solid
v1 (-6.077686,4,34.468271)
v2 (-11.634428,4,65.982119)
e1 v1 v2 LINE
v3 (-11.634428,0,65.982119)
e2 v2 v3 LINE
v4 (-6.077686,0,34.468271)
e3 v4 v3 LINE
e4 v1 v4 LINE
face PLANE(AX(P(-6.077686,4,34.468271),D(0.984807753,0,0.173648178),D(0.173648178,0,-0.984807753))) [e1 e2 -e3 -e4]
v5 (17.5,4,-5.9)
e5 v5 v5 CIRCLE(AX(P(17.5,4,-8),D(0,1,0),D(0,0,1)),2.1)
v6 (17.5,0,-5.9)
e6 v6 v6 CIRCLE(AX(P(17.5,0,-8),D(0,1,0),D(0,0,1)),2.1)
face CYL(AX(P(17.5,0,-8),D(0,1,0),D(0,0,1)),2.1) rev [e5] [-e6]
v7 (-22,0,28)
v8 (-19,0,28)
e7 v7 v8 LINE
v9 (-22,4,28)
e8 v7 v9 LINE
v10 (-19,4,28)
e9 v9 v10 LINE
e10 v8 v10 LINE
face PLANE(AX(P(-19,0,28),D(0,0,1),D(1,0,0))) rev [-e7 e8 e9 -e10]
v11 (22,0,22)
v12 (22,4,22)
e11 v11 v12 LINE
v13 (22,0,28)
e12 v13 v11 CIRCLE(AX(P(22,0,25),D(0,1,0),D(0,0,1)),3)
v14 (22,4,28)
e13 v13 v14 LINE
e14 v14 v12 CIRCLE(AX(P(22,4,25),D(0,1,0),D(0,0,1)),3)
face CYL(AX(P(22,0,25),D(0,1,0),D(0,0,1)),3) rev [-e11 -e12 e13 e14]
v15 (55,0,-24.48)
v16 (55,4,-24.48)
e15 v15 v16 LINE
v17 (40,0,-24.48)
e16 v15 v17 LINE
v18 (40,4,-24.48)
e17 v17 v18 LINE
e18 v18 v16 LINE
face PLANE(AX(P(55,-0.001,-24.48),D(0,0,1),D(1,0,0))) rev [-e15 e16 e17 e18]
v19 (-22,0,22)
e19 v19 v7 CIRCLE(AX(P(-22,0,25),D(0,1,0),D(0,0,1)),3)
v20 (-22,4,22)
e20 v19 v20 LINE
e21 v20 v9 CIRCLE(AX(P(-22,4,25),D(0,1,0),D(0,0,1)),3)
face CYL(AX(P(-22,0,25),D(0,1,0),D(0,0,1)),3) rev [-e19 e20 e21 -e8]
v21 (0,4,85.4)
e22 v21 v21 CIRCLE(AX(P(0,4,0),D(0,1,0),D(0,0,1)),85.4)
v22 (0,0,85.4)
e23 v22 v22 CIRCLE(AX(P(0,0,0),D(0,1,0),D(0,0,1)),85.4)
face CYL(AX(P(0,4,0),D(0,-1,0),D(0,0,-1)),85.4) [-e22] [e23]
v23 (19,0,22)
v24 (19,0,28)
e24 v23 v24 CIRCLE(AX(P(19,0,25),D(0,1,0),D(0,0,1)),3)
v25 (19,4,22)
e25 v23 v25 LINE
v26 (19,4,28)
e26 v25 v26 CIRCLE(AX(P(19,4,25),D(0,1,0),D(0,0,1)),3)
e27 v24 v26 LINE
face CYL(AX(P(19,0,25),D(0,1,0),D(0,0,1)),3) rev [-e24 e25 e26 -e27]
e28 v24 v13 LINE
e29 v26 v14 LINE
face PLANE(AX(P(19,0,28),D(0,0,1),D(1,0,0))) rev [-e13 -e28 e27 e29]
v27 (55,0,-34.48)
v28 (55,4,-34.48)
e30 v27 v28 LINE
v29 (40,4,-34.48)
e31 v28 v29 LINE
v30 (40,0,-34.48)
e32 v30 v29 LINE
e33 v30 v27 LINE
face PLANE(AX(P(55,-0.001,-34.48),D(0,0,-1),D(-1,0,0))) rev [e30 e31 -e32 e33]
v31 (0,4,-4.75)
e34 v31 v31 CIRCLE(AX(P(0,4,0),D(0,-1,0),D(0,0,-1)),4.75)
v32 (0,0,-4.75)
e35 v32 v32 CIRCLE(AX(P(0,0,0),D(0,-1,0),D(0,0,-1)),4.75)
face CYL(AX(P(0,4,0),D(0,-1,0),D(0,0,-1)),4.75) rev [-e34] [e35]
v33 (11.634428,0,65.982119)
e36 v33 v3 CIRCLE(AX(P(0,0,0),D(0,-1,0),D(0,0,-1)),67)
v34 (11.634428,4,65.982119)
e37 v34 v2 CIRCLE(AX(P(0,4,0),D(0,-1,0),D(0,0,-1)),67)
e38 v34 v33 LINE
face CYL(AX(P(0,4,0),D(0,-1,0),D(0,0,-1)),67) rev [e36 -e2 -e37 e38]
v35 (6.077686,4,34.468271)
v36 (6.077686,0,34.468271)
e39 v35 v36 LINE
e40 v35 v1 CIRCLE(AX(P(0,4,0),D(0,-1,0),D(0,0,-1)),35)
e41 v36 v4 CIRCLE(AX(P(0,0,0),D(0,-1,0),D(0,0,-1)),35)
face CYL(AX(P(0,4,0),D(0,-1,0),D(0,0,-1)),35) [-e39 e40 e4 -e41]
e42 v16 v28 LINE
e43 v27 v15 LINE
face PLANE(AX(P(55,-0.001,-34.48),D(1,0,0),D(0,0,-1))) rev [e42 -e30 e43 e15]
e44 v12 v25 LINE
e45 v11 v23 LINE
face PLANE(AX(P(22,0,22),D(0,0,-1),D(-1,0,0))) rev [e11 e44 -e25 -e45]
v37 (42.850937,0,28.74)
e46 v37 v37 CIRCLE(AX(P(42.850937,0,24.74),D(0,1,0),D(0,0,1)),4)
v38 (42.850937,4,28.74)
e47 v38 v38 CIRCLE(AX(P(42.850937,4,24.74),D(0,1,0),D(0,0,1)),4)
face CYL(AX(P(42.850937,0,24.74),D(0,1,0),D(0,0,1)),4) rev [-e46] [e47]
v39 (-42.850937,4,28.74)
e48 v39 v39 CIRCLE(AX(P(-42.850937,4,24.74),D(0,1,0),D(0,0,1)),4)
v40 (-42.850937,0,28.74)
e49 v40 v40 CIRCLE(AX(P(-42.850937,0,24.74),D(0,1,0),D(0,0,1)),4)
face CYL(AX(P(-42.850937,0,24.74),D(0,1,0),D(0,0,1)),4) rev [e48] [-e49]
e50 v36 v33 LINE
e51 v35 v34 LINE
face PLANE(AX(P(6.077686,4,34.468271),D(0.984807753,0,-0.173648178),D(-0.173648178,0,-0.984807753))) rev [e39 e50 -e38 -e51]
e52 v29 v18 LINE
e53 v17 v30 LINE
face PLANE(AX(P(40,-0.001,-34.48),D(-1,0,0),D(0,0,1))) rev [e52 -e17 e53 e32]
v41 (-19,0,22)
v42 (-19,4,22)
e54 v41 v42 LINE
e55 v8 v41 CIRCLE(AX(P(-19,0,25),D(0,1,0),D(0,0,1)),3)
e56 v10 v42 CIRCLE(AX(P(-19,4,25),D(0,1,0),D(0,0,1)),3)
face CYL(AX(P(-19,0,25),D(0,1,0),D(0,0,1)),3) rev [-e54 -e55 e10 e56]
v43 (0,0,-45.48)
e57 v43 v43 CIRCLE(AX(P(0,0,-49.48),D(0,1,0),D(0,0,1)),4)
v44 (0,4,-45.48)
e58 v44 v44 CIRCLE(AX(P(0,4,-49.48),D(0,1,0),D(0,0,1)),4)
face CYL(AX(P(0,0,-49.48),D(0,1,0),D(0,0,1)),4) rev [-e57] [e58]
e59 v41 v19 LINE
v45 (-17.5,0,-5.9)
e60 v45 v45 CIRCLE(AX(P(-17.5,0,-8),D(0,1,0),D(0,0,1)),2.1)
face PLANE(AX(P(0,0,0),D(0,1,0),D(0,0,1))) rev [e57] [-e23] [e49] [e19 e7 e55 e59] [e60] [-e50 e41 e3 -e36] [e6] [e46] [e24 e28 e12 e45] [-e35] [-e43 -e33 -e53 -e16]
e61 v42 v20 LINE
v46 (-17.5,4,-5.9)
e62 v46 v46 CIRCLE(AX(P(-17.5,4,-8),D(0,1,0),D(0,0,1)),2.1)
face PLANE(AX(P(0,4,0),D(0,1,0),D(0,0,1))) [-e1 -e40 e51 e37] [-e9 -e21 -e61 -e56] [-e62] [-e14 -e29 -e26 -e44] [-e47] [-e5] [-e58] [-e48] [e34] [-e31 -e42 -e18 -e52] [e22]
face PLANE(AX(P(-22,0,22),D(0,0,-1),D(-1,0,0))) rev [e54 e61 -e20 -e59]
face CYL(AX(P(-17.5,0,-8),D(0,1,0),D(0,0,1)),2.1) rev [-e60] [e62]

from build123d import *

# Parameters (mm, degrees)
ESBO_O1_R                = 85.4
RESSALTO_EXTRUS_O1_DEPTH = 4
CORTE_EXTRUS_O2_DEPTH    = 5
ESBO_O4_R                = 4
CORTE_EXTRUS_O3_DEPTH    = 5
ESBO_O5_R                = 4.75
CORTE_EXTRUS_O4_DEPTH    = 5
ESBO_O7_R                = 2.1
CORTE_EXTRUS_O5_DEPTH    = 5
CORTE_EXTRUS_O6_REACH    = 6
ESBO_O8_W                = 15
ESBO_O8_H                = 10


with BuildPart() as part:
    # Esboço1 → Ressalto-extrusão1 (new body)
    with BuildSketch(Plane(origin=(0, 0, 0), x_dir=(1, 0, 0), z_dir=(0, 1, 0))):
        Circle(ESBO_O1_R)
    extrude(amount=RESSALTO_EXTRUS_O1_DEPTH)

    # Esboço3 → Corte-extrusão2 (cut, through all)
    with BuildSketch(Plane.XZ):
        with BuildLine():
            Line((6.077686218, 34.468271355), (11.634427904, 65.982119452))
            ThreePointArc((11.634427904, 65.982119452), (0, 67), (-11.634427904, 65.982119452))
            Line((-11.634427904, 65.982119452), (-6.077686218, 34.468271355))
            ThreePointArc((-6.077686218, 34.468271355), (0, 35), (6.077686218, 34.468271355))
        make_face()
    extrude(amount=-CORTE_EXTRUS_O2_DEPTH, mode=Mode.SUBTRACT)

    # Esboço4 → Corte-extrusão3 (cut, through all)
    with BuildSketch(Plane(origin=(0, 4, 0), x_dir=(1, 0, 0), z_dir=(0, 1, 0))):
        with Locations((42.850936979, -24.74)):
            Circle(ESBO_O4_R)
        with Locations((0, 49.48)):
            Circle(ESBO_O4_R)
        with Locations((-42.850936979, -24.74)):
            Circle(ESBO_O4_R)
    extrude(amount=-CORTE_EXTRUS_O3_DEPTH, mode=Mode.SUBTRACT)

    # Esboço5 → Corte-extrusão4 (cut, through all)
    with BuildSketch(Plane.XZ):
        Circle(ESBO_O5_R)
    extrude(amount=-CORTE_EXTRUS_O4_DEPTH, mode=Mode.SUBTRACT)

    # Esboço7 → Corte-extrusão5 (cut, through all)
    with BuildSketch(Plane(origin=(0, 4, 0), x_dir=(1, 0, 0), z_dir=(0, 1, 0))):
        with Locations((-17.5, 8)):
            Circle(ESBO_O7_R)
        with Locations((17.5, 8)):
            Circle(ESBO_O7_R)
        with BuildLine():
            Line((-22, -22), (-19, -22))
            ThreePointArc((-19, -22), (-16, -25), (-19, -28))
            Line((-19, -28), (-22, -28))
            ThreePointArc((-22, -28), (-25, -25), (-22, -22))
        make_face()
        with BuildLine():
            Line((19, -28), (22, -28))
            ThreePointArc((22, -28), (25, -25), (22, -22))
            Line((22, -22), (19, -22))
            ThreePointArc((19, -22), (16, -25), (19, -28))
        make_face()
    extrude(amount=-CORTE_EXTRUS_O5_DEPTH, mode=Mode.SUBTRACT)

    # Esboço8 → Corte-extrusão6 (cut, up to next)
    with BuildSketch(Plane(origin=(0, 4, 0), x_dir=(1, 0, 0), z_dir=(0, 1, 0)), mode=Mode.PRIVATE) as corte_extrus_o6_sk1:
        with Locations((47.5, 29.48)):
            Rectangle(ESBO_O8_W, ESBO_O8_H)
    corte_extrus_o6_tool1 = extrude(corte_extrus_o6_sk1.sketch, amount=-CORTE_EXTRUS_O6_REACH, mode=Mode.PRIVATE) & part.part
    add(corte_extrus_o6_tool1.solids().sort_by_distance((47.5, 4, -29.48))[0], mode=Mode.SUBTRACT)


solid = part.part
